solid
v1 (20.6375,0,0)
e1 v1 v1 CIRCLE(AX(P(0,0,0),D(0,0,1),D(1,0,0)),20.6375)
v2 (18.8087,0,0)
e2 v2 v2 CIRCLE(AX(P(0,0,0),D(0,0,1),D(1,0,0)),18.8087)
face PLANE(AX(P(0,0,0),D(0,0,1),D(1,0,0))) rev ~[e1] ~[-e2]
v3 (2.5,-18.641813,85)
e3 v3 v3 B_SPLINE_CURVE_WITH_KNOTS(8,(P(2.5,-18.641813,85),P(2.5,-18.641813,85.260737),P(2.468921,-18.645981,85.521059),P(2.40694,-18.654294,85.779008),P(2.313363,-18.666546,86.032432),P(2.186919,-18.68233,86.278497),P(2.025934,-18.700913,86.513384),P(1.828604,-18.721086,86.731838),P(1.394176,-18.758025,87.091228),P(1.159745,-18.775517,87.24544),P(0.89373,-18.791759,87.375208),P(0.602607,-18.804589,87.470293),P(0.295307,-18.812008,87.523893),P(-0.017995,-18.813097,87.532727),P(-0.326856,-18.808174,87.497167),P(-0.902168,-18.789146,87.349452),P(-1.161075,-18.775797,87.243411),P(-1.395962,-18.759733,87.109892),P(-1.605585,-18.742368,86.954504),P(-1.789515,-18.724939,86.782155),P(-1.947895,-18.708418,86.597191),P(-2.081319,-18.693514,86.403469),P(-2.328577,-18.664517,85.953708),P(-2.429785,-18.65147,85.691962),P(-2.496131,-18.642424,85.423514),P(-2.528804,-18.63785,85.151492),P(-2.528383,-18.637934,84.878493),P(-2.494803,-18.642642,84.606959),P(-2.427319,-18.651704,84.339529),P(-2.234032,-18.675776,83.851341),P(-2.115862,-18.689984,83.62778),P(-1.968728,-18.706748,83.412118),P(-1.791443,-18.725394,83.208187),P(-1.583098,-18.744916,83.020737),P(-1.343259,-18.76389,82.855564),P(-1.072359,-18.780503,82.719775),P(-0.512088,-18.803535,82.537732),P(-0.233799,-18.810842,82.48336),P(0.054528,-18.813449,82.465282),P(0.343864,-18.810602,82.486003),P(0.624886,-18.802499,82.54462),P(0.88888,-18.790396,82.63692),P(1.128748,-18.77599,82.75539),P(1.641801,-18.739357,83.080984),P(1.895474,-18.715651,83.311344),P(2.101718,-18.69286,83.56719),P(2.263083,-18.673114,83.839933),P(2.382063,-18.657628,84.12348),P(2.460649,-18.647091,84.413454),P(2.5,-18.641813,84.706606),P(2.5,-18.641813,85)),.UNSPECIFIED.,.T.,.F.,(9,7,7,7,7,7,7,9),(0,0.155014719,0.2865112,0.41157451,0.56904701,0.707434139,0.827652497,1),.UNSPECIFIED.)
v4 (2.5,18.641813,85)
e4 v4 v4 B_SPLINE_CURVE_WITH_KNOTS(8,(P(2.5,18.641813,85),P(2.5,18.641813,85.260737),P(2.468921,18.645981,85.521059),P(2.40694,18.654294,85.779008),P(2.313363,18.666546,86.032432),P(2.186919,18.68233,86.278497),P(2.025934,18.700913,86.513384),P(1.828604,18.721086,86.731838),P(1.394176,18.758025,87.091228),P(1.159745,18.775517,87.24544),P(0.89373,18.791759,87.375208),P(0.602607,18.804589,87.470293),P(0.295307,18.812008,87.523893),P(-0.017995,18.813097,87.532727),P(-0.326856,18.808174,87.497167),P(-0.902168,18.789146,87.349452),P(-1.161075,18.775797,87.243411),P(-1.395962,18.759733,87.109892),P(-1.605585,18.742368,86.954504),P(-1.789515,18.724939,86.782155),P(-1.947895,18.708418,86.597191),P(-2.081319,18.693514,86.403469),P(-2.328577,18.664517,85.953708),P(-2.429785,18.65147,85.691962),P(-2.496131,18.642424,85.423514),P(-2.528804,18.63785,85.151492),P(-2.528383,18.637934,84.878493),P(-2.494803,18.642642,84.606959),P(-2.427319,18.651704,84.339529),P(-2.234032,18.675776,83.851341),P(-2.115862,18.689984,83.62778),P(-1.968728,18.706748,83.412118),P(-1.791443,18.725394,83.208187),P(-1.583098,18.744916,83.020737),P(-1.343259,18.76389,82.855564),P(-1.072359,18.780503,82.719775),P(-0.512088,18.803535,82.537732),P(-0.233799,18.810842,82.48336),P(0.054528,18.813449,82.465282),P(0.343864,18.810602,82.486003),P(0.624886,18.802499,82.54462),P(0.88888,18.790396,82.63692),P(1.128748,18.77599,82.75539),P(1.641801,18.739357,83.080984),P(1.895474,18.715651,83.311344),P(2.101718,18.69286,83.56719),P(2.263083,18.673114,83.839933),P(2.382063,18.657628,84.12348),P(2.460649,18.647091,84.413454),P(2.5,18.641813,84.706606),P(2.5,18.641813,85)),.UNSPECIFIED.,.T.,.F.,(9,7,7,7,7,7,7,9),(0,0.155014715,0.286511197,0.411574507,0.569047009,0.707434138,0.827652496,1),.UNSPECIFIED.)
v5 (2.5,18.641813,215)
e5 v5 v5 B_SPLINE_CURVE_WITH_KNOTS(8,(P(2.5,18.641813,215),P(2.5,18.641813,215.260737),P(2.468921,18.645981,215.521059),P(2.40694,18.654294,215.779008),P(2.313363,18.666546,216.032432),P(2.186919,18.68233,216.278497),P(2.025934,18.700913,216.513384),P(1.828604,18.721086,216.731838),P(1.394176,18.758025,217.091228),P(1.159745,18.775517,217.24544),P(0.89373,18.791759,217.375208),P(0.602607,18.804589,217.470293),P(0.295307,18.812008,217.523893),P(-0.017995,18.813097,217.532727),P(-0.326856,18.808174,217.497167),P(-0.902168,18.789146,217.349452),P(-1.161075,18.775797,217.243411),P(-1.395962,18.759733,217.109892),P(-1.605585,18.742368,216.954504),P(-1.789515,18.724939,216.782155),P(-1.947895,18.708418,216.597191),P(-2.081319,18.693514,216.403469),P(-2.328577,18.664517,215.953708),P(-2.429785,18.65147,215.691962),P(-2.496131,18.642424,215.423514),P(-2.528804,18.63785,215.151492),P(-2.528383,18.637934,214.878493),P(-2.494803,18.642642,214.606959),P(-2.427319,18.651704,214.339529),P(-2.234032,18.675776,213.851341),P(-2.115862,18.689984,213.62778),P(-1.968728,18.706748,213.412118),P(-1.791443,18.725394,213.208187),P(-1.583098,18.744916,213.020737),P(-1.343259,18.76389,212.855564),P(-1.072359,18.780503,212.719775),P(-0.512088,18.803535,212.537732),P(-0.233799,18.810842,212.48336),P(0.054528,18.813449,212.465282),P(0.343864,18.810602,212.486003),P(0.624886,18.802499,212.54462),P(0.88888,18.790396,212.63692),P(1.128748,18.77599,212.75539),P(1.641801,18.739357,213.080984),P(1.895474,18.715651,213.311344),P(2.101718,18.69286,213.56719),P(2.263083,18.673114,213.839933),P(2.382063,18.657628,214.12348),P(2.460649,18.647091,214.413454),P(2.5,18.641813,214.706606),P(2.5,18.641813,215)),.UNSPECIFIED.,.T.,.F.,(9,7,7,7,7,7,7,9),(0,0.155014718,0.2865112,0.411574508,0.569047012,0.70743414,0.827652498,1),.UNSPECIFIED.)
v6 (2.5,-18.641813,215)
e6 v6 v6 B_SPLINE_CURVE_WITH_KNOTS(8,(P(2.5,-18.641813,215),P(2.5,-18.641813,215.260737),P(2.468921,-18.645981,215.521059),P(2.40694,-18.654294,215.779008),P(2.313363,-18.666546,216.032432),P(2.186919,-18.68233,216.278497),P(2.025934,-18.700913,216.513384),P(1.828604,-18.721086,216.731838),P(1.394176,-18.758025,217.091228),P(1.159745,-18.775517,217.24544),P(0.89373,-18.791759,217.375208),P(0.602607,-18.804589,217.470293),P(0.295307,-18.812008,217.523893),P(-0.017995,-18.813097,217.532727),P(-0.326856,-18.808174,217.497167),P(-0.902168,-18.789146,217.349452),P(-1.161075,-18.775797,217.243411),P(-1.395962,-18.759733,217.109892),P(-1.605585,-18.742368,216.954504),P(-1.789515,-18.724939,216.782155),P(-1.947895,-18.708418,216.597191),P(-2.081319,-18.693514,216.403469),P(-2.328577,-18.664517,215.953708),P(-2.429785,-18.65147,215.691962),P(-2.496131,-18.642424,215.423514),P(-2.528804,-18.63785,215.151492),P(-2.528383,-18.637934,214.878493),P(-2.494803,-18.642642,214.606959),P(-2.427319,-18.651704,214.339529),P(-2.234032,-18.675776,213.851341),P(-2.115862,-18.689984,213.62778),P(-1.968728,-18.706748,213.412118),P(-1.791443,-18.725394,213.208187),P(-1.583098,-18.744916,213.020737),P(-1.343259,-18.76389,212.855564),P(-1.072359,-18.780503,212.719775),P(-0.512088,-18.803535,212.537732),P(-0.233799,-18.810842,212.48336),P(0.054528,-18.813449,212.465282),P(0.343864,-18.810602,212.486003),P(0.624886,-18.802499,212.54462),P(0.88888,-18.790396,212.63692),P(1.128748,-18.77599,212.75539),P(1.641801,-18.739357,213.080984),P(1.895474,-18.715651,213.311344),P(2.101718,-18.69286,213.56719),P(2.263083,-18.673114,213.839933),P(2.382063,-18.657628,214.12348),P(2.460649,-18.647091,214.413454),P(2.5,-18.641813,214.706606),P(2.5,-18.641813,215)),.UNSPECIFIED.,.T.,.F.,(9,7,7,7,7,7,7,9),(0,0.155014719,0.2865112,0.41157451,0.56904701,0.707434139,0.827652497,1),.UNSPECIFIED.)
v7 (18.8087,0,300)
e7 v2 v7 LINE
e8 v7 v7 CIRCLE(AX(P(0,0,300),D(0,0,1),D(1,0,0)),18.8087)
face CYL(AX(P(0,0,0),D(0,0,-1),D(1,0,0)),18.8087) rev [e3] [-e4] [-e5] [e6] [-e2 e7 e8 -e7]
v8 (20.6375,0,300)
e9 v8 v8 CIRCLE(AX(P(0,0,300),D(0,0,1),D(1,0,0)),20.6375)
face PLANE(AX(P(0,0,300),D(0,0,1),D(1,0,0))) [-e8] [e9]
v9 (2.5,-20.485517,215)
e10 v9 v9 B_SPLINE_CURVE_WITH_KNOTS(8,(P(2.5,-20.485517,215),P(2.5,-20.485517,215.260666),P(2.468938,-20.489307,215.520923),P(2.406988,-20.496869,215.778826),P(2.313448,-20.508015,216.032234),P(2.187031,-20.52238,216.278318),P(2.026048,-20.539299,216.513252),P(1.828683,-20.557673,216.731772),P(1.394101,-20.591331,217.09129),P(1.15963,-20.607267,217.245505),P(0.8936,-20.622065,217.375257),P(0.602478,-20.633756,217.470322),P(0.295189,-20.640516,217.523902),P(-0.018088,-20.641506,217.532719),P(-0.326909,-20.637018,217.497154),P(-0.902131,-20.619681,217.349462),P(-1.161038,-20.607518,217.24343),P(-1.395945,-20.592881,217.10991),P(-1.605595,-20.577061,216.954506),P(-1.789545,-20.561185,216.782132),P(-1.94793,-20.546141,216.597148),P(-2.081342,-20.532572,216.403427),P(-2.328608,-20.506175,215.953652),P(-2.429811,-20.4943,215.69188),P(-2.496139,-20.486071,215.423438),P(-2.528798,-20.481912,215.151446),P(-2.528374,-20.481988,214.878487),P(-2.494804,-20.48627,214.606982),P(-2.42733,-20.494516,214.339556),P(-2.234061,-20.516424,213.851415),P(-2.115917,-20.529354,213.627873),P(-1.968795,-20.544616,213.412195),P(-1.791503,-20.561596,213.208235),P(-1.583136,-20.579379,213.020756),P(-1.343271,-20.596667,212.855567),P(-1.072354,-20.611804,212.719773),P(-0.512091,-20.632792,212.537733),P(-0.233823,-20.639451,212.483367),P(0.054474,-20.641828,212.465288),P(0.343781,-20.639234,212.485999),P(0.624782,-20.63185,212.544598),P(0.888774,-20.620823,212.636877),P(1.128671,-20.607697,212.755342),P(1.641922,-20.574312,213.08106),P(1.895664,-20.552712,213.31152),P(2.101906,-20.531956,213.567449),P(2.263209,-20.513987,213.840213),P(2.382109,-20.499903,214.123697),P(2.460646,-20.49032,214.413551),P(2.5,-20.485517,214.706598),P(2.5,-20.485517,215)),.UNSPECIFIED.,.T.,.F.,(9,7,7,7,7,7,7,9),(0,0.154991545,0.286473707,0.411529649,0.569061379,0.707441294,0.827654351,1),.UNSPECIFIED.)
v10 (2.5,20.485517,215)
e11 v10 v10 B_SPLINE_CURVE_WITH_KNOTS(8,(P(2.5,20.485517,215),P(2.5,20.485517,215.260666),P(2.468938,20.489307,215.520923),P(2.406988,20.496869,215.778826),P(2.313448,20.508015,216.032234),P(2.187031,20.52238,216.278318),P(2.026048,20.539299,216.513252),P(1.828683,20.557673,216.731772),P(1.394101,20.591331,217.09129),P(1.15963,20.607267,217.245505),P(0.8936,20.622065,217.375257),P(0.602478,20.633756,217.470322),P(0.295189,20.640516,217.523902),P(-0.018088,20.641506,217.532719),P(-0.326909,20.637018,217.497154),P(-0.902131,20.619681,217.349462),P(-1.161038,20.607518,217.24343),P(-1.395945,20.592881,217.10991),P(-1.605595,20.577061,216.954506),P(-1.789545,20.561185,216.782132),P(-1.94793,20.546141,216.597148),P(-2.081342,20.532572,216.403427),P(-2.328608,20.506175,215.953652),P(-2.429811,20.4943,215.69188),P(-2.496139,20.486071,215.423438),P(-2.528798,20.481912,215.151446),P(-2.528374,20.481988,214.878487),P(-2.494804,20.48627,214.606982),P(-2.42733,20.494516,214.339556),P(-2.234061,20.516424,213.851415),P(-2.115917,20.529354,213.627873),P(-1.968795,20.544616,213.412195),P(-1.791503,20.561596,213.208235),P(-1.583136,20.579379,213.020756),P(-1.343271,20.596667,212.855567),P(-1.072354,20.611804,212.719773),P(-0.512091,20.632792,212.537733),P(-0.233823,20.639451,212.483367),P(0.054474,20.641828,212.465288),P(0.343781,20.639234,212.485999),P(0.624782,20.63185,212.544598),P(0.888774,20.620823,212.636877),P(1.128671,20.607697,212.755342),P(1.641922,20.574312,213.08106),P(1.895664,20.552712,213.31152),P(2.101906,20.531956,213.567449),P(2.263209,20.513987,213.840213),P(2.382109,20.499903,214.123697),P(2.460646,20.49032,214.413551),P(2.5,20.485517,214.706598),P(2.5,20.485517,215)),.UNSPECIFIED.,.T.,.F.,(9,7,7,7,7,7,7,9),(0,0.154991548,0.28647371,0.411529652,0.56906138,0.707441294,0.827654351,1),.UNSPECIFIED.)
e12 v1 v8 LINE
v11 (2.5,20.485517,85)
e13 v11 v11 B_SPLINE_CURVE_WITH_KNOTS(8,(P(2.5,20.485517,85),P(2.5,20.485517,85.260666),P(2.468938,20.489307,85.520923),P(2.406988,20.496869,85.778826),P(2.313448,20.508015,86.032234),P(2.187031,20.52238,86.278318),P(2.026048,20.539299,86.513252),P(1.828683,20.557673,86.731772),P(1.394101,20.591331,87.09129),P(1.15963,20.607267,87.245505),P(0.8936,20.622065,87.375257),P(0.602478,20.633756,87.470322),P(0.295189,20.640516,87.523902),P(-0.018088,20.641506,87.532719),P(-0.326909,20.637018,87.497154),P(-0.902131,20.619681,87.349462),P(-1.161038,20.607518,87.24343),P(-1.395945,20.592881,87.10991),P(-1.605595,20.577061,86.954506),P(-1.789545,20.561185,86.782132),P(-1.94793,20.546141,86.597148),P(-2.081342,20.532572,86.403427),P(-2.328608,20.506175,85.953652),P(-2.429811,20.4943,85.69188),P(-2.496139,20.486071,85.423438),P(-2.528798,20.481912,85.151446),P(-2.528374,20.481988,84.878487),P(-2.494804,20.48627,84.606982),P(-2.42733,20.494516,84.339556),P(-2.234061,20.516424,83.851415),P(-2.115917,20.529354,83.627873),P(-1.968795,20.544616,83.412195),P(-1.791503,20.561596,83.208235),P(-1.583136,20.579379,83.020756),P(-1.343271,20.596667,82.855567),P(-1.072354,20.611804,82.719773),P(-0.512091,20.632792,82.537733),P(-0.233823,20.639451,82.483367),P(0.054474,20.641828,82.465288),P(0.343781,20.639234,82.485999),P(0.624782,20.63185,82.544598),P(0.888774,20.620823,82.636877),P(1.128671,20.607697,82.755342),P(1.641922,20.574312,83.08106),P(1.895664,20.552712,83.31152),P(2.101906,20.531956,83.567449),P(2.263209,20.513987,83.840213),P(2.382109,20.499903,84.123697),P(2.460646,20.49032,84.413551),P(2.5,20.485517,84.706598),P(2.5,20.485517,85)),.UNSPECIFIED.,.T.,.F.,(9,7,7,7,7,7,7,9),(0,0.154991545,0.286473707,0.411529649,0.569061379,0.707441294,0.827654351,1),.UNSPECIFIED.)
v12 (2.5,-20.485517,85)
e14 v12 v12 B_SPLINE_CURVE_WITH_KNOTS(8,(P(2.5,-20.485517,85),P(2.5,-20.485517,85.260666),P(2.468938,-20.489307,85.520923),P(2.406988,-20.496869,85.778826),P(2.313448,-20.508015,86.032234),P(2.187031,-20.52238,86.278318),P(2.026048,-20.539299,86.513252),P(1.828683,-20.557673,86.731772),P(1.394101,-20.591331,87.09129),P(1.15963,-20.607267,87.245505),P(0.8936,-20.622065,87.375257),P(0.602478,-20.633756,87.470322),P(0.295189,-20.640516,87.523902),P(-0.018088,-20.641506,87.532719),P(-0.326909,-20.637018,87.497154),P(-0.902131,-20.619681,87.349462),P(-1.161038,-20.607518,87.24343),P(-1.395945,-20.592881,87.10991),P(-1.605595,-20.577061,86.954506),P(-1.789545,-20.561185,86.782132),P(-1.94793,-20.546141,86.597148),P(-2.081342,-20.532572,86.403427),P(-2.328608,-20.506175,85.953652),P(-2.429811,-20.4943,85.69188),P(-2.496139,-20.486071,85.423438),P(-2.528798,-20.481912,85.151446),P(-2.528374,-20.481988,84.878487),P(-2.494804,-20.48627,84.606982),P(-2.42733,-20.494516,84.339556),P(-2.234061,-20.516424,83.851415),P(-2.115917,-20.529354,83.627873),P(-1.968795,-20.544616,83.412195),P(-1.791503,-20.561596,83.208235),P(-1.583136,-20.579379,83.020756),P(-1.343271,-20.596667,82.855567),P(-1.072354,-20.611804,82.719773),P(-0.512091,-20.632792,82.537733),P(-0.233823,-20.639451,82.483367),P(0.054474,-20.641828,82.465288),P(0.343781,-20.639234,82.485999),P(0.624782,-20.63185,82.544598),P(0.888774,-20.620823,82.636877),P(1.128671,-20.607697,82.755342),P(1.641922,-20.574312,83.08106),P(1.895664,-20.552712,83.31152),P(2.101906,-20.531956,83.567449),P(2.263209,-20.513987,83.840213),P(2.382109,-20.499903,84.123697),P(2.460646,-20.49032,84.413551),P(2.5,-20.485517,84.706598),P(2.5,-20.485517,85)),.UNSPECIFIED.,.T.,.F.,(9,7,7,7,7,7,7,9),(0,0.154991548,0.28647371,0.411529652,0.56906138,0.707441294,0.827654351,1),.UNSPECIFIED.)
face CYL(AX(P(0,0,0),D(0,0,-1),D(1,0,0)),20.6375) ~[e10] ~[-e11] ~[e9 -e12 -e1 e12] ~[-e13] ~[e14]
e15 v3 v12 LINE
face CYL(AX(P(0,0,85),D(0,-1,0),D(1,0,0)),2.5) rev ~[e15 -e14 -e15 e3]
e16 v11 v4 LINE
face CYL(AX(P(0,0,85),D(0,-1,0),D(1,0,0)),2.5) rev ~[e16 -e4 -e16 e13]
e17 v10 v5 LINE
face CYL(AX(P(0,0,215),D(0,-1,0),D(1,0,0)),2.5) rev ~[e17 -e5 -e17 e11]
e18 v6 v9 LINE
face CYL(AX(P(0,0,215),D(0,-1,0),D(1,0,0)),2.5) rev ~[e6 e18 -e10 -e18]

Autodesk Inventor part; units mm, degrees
ref_plane "YZ Plane" through (0, 0, 0) normal (1, 0, 0) x (0, 1, 0)
ref_plane "XZ Plane" through (0, 0, 0) normal (0, 1, 0) x (-1, 0, 0)
ref_plane "XY Plane" through (0, 0, 0) normal (0, 0, 1) x (1, 0, 0)
sketch "Sketch1" plane through (0, 0, 0) normal (0, 0, 1) x (1, 0, 0)
  circle A0 centre (0, 0) radius 18.8087
  circle A1 centre (0, 0) radius 20.6375
  dimension "d0" = 37.6174
  dimension "d1" = 41.275
extrude "Extrusion1" add sketch "Sketch1" along normal blind 300
ref_plane "Work Plane1" through (-18.8087, 0, 0) normal (0, -1, 0) x (1, 0, 0)
sketch "Sketch3" plane through (-18.8087, 0, 0) normal (0, -1, 0) x (1, 0, 0)
  line L0 (18.8087, 0) -> (18.8087, 150)
  line L1 (18.8087, 0) -> (18.8087, 300) projected
  line L2 (18.8087, 150) -> (18.8087, 90)
  line L3 (18.8087, 90) -> (18.8087, 210)
  line L4 (18.8087, 90) -> (18.8087, 85)
  line L5 (18.8087, 210) -> (18.8087, 215)
  circle A0 centre (18.8087, 215) radius 2.5
  circle A1 centre (18.8087, 85) radius 2.5
  dimension "d6" = 150
  dimension "d7" = 60
  dimension "d8" = 120
  dimension "d9" = 5
  dimension "d10" = 5
  dimension "d11" = 5
  dimension "d12" = 5
extrude "Extrusion3" cut sketch "Sketch3" along normal mid plane 300
properties part number "4000_Cu_Bias_Shielding_(McMaster_50475K18)_MPSv2_v1" material "Copper"
